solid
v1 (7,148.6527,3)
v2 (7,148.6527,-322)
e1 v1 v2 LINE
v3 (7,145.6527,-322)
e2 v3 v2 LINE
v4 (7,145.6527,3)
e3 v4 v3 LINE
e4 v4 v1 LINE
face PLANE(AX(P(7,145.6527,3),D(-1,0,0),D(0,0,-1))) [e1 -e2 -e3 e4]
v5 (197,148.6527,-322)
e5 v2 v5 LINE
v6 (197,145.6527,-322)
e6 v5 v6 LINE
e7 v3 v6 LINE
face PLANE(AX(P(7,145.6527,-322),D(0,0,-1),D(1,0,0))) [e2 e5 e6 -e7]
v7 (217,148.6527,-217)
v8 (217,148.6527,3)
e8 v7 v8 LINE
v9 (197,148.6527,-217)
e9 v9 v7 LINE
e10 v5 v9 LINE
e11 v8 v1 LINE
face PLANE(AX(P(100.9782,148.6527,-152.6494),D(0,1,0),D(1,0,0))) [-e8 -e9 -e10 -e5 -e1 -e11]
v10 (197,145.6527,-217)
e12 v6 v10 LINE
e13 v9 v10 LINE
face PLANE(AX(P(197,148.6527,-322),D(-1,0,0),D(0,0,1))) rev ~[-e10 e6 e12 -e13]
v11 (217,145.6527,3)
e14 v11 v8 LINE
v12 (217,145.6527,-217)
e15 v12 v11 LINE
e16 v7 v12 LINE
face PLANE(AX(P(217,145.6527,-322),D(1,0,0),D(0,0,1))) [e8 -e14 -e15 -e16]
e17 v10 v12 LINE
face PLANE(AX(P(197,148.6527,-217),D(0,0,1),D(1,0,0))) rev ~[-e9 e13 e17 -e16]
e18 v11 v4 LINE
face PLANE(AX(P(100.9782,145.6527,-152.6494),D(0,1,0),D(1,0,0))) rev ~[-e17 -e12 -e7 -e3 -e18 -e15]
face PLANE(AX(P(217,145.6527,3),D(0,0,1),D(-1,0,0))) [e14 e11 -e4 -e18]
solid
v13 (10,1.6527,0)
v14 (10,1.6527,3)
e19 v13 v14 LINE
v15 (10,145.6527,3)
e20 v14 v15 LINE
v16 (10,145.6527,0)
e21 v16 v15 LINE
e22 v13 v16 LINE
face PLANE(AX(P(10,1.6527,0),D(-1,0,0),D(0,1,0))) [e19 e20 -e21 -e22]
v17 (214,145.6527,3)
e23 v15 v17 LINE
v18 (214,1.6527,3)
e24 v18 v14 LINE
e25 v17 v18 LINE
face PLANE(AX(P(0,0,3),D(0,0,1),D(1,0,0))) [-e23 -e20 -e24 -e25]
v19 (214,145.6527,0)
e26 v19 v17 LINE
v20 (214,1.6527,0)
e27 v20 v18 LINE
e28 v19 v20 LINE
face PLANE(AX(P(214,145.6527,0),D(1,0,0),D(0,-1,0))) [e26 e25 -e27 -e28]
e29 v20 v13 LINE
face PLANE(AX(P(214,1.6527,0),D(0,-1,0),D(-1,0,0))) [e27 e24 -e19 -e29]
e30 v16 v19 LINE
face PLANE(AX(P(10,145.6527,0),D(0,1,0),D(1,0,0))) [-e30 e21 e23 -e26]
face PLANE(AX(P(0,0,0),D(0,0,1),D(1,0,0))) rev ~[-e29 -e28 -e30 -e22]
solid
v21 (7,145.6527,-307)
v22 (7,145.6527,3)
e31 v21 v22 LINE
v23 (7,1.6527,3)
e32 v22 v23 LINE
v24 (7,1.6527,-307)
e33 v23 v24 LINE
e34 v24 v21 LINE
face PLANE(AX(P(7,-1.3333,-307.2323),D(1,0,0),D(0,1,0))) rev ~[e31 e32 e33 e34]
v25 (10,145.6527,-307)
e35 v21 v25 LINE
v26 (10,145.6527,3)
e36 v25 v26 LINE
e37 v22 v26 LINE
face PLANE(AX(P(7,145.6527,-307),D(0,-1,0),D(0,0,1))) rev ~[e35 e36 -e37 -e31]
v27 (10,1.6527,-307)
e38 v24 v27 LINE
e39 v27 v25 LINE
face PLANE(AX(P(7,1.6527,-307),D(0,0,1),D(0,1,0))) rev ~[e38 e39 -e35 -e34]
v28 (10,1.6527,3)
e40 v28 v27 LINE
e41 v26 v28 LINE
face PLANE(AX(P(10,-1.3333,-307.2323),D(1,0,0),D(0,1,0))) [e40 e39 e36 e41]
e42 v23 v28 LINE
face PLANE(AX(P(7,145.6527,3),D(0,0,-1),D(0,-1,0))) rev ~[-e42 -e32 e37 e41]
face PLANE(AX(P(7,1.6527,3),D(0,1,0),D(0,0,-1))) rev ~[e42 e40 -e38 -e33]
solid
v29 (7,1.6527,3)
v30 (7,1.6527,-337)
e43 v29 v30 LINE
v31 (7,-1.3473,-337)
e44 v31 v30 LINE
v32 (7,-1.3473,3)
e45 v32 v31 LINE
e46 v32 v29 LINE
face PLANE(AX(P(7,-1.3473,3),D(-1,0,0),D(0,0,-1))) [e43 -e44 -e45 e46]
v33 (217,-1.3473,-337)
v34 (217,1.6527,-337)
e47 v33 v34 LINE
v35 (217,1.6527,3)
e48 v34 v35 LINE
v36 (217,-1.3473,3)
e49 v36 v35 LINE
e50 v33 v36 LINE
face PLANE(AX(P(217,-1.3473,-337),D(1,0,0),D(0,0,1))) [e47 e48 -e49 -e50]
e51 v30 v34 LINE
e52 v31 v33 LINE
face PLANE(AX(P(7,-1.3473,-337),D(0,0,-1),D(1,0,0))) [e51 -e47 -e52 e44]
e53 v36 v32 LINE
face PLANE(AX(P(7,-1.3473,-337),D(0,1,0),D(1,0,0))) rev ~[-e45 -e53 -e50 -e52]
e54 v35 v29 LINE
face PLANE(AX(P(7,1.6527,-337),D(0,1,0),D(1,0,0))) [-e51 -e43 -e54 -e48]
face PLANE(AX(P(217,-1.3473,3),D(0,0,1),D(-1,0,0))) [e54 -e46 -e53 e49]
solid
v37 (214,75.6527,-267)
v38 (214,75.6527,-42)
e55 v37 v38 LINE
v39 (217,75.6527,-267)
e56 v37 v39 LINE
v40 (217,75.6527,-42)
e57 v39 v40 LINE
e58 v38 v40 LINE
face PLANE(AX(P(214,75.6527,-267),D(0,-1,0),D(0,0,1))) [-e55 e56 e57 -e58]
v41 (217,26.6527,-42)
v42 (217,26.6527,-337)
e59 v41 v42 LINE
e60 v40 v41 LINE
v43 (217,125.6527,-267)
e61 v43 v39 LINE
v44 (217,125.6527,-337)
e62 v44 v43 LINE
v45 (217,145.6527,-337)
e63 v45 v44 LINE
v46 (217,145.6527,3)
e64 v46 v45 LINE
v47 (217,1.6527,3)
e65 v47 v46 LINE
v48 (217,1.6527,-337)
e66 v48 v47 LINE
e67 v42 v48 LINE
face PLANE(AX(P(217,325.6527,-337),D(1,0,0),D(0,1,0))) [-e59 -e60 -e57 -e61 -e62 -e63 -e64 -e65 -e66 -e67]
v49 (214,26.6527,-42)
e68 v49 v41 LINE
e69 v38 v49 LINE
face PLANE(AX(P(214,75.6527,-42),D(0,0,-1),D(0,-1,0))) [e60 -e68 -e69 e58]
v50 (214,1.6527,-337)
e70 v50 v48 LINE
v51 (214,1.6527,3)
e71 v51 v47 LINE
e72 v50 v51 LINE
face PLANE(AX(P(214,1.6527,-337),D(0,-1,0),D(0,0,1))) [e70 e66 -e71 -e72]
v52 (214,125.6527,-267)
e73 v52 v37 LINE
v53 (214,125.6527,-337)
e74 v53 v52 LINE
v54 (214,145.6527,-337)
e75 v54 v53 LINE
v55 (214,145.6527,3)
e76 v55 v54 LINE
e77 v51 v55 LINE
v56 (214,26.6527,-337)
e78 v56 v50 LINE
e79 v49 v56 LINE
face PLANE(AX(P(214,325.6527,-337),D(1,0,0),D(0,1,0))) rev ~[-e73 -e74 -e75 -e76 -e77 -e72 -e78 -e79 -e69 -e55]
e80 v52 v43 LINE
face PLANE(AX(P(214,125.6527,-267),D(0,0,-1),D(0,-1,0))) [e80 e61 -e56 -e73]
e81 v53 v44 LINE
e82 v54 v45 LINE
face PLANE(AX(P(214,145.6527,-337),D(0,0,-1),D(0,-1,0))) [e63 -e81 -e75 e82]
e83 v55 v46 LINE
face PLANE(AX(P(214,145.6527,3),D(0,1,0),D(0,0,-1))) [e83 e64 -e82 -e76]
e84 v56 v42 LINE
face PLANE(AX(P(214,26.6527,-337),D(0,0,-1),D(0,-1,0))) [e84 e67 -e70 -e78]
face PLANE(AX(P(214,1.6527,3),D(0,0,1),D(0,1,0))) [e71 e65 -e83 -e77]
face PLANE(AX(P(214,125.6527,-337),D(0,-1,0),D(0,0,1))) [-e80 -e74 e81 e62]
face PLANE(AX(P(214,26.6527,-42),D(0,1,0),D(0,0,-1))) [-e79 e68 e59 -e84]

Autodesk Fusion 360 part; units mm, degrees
sketch "Sketch1" plane through (0, 0, 0) normal (0, 1, 0) x (1, 0, 0) in component "Back"
  line L0 (0, 0) -> (210, 0)
  line L1 (210, 0) -> (210, -340)
  line L2 (210, -340) -> (0, -340)
  line L3 (0, -340) -> (0, 0)
  dimension "d1" = 210
  dimension "d2" = 340
extrude "Extrude1" add sketch "Sketch1" along normal blind 3 makes body 1 in component "Back"
sketch "Sketch1 (2)" plane through (0, 0, 0) normal (1, 0, 0) x (0, 1, 0) in component "right side"
  line L0 (2.986, 0.2323) -> (146.986, 0.2323)
  line L1 (146.986, 0.2323) -> (146.986, 310.2323)
  line L2 (146.986, 310.2323) -> (2.986, 310.2323)
  line L3 (2.986, 310.2323) -> (2.986, 0.2323)
  dimension "d5" = 310
  dimension "d6" = 144
extrude "Extrude1'" add sketch "Sketch1 (2)" along normal blind 3 separate body makes body 2 in component "right side"
sketch "Sketch1 (3)" plane through (0, 0, 0) normal (0, 0, 1) x (1, 0, 0) in component "top"
  line L0 (10, 145.6527) -> (214, 145.6527)
  line L1 (214, 145.6527) -> (214, 1.6527)
  line L2 (214, 1.6527) -> (10, 1.6527)
  line L3 (10, 1.6527) -> (10, 145.6527)
  dimension "d13" = 204
  dimension "d14" = 144
extrude "Extrude1''" add sketch "Sketch1 (3)" along normal blind 3 separate body makes body 3 in component "top"
sketch "Sketch1 (4)" plane through (0, 0, 0) normal (0, 1, 0) x (1, 0, 0) in component "front"
  line L0 (116.0218, -155.6494) -> (-93.9782, -155.6494)
  line L1 (-93.9782, -155.6494) -> (-93.9782, 169.3506)
  line L2 (-93.9782, 169.3506) -> (116.0218, 169.3506)
  line L3 (116.0218, 169.3506) -> (116.0218, -155.6494)
  dimension "d21" = 210
  dimension "d22" = 325
extrude "Extrude1'''" add sketch "Sketch1 (4)" along normal blind 3 separate body makes body 4 in component "front"
sketch "Sketch2" plane through (0, 0, 0) normal (1, 0, 0) x (0, 1, 0) in component "front"
sketch "Sketch1 (5)" plane through (0, 0, 0) normal (1, 0, 0) x (0, 1, 0) in component "left side"
  line L0 (-324, 340) -> (-180, 340)
  line L1 (-180, 340) -> (-180, 0)
  line L2 (-180, 0) -> (-200, 0)
  line L3 (-200, 0) -> (-200, 70)
  line L4 (-200, 70) -> (-250, 70)
  line L5 (-250, 70) -> (-250, 295)
  line L6 (-250, 295) -> (-299, 295)
  line L7 (-299, 295) -> (-299, 0)
  line L8 (-299, 0) -> (-324, 0)
  line L9 (-324, 0) -> (-324, 340)
  dimension "d29" = 144
  dimension "d30" = 340
  dimension "d31" = 295
  dimension "d32" = 25
  dimension "d33" = 20
  dimension "d34" = 70
extrude "Extrude1''''" add sketch "Sketch1 (5)" along normal blind 3 separate body makes body 5 in component "left side"
sketch "Sketch1 (6)" plane through (0, 0, 0) normal (0, 1, 0) x (1, 0, 0)
sketch "Sketch3" plane through (0, 3, 0) normal (0, 1, 0) x (-1, 0, 0) in component "front"
  line L0 (-116.0218, -169.3506) -> (93.9782, -169.3506)
  line L1 (93.9782, -169.3506) -> (93.9782, 155.6494)
  line L2 (93.9782, 155.6494) -> (-116.0218, 155.6494)
  line L3 (-116.0218, 155.6494) -> (-116.0218, -169.3506)
  line L4 (-116.0218, -169.3506) -> (-96.0218, -169.3506)
  line L5 (-96.0218, -169.3506) -> (-96.0218, -64.3506)
  line L6 (-96.0218, -64.3506) -> (-116.0218, -64.3506)
  line L7 (-116.0218, -64.3506) -> (-116.0218, -169.3506)
  dimension "d41" = 20
  dimension "d42" = 105
extrude "Extrude2" cut sketch "Sketch3" against normal blind 3 contours L0 L3 L4 L5 L6 L7 bodies 4 in component "front"
component "Back" placed x (1, 0, 0) y (0, 1, 0) z (0, 0, 1) at (7, -1.3473, -337)
component "right side" placed x (1, 0, 0) y (0, 1, 0) z (0, 0, 1) at (7, -1.3333, -307.2323)
component "top" placed x (1, 0, 0) y (0, 1, 0) z (0, 0, 1) at (0, 0, 0)
component "front" placed x (1, 0, 0) y (0, 1, 0) z (0, 0, 1) at (100.9782, 145.6527, -152.6494)
component "left side" placed x (1, 0, 0) y (0, 1, 0) z (0, 0, 1) at (214, 325.6527, -337)
